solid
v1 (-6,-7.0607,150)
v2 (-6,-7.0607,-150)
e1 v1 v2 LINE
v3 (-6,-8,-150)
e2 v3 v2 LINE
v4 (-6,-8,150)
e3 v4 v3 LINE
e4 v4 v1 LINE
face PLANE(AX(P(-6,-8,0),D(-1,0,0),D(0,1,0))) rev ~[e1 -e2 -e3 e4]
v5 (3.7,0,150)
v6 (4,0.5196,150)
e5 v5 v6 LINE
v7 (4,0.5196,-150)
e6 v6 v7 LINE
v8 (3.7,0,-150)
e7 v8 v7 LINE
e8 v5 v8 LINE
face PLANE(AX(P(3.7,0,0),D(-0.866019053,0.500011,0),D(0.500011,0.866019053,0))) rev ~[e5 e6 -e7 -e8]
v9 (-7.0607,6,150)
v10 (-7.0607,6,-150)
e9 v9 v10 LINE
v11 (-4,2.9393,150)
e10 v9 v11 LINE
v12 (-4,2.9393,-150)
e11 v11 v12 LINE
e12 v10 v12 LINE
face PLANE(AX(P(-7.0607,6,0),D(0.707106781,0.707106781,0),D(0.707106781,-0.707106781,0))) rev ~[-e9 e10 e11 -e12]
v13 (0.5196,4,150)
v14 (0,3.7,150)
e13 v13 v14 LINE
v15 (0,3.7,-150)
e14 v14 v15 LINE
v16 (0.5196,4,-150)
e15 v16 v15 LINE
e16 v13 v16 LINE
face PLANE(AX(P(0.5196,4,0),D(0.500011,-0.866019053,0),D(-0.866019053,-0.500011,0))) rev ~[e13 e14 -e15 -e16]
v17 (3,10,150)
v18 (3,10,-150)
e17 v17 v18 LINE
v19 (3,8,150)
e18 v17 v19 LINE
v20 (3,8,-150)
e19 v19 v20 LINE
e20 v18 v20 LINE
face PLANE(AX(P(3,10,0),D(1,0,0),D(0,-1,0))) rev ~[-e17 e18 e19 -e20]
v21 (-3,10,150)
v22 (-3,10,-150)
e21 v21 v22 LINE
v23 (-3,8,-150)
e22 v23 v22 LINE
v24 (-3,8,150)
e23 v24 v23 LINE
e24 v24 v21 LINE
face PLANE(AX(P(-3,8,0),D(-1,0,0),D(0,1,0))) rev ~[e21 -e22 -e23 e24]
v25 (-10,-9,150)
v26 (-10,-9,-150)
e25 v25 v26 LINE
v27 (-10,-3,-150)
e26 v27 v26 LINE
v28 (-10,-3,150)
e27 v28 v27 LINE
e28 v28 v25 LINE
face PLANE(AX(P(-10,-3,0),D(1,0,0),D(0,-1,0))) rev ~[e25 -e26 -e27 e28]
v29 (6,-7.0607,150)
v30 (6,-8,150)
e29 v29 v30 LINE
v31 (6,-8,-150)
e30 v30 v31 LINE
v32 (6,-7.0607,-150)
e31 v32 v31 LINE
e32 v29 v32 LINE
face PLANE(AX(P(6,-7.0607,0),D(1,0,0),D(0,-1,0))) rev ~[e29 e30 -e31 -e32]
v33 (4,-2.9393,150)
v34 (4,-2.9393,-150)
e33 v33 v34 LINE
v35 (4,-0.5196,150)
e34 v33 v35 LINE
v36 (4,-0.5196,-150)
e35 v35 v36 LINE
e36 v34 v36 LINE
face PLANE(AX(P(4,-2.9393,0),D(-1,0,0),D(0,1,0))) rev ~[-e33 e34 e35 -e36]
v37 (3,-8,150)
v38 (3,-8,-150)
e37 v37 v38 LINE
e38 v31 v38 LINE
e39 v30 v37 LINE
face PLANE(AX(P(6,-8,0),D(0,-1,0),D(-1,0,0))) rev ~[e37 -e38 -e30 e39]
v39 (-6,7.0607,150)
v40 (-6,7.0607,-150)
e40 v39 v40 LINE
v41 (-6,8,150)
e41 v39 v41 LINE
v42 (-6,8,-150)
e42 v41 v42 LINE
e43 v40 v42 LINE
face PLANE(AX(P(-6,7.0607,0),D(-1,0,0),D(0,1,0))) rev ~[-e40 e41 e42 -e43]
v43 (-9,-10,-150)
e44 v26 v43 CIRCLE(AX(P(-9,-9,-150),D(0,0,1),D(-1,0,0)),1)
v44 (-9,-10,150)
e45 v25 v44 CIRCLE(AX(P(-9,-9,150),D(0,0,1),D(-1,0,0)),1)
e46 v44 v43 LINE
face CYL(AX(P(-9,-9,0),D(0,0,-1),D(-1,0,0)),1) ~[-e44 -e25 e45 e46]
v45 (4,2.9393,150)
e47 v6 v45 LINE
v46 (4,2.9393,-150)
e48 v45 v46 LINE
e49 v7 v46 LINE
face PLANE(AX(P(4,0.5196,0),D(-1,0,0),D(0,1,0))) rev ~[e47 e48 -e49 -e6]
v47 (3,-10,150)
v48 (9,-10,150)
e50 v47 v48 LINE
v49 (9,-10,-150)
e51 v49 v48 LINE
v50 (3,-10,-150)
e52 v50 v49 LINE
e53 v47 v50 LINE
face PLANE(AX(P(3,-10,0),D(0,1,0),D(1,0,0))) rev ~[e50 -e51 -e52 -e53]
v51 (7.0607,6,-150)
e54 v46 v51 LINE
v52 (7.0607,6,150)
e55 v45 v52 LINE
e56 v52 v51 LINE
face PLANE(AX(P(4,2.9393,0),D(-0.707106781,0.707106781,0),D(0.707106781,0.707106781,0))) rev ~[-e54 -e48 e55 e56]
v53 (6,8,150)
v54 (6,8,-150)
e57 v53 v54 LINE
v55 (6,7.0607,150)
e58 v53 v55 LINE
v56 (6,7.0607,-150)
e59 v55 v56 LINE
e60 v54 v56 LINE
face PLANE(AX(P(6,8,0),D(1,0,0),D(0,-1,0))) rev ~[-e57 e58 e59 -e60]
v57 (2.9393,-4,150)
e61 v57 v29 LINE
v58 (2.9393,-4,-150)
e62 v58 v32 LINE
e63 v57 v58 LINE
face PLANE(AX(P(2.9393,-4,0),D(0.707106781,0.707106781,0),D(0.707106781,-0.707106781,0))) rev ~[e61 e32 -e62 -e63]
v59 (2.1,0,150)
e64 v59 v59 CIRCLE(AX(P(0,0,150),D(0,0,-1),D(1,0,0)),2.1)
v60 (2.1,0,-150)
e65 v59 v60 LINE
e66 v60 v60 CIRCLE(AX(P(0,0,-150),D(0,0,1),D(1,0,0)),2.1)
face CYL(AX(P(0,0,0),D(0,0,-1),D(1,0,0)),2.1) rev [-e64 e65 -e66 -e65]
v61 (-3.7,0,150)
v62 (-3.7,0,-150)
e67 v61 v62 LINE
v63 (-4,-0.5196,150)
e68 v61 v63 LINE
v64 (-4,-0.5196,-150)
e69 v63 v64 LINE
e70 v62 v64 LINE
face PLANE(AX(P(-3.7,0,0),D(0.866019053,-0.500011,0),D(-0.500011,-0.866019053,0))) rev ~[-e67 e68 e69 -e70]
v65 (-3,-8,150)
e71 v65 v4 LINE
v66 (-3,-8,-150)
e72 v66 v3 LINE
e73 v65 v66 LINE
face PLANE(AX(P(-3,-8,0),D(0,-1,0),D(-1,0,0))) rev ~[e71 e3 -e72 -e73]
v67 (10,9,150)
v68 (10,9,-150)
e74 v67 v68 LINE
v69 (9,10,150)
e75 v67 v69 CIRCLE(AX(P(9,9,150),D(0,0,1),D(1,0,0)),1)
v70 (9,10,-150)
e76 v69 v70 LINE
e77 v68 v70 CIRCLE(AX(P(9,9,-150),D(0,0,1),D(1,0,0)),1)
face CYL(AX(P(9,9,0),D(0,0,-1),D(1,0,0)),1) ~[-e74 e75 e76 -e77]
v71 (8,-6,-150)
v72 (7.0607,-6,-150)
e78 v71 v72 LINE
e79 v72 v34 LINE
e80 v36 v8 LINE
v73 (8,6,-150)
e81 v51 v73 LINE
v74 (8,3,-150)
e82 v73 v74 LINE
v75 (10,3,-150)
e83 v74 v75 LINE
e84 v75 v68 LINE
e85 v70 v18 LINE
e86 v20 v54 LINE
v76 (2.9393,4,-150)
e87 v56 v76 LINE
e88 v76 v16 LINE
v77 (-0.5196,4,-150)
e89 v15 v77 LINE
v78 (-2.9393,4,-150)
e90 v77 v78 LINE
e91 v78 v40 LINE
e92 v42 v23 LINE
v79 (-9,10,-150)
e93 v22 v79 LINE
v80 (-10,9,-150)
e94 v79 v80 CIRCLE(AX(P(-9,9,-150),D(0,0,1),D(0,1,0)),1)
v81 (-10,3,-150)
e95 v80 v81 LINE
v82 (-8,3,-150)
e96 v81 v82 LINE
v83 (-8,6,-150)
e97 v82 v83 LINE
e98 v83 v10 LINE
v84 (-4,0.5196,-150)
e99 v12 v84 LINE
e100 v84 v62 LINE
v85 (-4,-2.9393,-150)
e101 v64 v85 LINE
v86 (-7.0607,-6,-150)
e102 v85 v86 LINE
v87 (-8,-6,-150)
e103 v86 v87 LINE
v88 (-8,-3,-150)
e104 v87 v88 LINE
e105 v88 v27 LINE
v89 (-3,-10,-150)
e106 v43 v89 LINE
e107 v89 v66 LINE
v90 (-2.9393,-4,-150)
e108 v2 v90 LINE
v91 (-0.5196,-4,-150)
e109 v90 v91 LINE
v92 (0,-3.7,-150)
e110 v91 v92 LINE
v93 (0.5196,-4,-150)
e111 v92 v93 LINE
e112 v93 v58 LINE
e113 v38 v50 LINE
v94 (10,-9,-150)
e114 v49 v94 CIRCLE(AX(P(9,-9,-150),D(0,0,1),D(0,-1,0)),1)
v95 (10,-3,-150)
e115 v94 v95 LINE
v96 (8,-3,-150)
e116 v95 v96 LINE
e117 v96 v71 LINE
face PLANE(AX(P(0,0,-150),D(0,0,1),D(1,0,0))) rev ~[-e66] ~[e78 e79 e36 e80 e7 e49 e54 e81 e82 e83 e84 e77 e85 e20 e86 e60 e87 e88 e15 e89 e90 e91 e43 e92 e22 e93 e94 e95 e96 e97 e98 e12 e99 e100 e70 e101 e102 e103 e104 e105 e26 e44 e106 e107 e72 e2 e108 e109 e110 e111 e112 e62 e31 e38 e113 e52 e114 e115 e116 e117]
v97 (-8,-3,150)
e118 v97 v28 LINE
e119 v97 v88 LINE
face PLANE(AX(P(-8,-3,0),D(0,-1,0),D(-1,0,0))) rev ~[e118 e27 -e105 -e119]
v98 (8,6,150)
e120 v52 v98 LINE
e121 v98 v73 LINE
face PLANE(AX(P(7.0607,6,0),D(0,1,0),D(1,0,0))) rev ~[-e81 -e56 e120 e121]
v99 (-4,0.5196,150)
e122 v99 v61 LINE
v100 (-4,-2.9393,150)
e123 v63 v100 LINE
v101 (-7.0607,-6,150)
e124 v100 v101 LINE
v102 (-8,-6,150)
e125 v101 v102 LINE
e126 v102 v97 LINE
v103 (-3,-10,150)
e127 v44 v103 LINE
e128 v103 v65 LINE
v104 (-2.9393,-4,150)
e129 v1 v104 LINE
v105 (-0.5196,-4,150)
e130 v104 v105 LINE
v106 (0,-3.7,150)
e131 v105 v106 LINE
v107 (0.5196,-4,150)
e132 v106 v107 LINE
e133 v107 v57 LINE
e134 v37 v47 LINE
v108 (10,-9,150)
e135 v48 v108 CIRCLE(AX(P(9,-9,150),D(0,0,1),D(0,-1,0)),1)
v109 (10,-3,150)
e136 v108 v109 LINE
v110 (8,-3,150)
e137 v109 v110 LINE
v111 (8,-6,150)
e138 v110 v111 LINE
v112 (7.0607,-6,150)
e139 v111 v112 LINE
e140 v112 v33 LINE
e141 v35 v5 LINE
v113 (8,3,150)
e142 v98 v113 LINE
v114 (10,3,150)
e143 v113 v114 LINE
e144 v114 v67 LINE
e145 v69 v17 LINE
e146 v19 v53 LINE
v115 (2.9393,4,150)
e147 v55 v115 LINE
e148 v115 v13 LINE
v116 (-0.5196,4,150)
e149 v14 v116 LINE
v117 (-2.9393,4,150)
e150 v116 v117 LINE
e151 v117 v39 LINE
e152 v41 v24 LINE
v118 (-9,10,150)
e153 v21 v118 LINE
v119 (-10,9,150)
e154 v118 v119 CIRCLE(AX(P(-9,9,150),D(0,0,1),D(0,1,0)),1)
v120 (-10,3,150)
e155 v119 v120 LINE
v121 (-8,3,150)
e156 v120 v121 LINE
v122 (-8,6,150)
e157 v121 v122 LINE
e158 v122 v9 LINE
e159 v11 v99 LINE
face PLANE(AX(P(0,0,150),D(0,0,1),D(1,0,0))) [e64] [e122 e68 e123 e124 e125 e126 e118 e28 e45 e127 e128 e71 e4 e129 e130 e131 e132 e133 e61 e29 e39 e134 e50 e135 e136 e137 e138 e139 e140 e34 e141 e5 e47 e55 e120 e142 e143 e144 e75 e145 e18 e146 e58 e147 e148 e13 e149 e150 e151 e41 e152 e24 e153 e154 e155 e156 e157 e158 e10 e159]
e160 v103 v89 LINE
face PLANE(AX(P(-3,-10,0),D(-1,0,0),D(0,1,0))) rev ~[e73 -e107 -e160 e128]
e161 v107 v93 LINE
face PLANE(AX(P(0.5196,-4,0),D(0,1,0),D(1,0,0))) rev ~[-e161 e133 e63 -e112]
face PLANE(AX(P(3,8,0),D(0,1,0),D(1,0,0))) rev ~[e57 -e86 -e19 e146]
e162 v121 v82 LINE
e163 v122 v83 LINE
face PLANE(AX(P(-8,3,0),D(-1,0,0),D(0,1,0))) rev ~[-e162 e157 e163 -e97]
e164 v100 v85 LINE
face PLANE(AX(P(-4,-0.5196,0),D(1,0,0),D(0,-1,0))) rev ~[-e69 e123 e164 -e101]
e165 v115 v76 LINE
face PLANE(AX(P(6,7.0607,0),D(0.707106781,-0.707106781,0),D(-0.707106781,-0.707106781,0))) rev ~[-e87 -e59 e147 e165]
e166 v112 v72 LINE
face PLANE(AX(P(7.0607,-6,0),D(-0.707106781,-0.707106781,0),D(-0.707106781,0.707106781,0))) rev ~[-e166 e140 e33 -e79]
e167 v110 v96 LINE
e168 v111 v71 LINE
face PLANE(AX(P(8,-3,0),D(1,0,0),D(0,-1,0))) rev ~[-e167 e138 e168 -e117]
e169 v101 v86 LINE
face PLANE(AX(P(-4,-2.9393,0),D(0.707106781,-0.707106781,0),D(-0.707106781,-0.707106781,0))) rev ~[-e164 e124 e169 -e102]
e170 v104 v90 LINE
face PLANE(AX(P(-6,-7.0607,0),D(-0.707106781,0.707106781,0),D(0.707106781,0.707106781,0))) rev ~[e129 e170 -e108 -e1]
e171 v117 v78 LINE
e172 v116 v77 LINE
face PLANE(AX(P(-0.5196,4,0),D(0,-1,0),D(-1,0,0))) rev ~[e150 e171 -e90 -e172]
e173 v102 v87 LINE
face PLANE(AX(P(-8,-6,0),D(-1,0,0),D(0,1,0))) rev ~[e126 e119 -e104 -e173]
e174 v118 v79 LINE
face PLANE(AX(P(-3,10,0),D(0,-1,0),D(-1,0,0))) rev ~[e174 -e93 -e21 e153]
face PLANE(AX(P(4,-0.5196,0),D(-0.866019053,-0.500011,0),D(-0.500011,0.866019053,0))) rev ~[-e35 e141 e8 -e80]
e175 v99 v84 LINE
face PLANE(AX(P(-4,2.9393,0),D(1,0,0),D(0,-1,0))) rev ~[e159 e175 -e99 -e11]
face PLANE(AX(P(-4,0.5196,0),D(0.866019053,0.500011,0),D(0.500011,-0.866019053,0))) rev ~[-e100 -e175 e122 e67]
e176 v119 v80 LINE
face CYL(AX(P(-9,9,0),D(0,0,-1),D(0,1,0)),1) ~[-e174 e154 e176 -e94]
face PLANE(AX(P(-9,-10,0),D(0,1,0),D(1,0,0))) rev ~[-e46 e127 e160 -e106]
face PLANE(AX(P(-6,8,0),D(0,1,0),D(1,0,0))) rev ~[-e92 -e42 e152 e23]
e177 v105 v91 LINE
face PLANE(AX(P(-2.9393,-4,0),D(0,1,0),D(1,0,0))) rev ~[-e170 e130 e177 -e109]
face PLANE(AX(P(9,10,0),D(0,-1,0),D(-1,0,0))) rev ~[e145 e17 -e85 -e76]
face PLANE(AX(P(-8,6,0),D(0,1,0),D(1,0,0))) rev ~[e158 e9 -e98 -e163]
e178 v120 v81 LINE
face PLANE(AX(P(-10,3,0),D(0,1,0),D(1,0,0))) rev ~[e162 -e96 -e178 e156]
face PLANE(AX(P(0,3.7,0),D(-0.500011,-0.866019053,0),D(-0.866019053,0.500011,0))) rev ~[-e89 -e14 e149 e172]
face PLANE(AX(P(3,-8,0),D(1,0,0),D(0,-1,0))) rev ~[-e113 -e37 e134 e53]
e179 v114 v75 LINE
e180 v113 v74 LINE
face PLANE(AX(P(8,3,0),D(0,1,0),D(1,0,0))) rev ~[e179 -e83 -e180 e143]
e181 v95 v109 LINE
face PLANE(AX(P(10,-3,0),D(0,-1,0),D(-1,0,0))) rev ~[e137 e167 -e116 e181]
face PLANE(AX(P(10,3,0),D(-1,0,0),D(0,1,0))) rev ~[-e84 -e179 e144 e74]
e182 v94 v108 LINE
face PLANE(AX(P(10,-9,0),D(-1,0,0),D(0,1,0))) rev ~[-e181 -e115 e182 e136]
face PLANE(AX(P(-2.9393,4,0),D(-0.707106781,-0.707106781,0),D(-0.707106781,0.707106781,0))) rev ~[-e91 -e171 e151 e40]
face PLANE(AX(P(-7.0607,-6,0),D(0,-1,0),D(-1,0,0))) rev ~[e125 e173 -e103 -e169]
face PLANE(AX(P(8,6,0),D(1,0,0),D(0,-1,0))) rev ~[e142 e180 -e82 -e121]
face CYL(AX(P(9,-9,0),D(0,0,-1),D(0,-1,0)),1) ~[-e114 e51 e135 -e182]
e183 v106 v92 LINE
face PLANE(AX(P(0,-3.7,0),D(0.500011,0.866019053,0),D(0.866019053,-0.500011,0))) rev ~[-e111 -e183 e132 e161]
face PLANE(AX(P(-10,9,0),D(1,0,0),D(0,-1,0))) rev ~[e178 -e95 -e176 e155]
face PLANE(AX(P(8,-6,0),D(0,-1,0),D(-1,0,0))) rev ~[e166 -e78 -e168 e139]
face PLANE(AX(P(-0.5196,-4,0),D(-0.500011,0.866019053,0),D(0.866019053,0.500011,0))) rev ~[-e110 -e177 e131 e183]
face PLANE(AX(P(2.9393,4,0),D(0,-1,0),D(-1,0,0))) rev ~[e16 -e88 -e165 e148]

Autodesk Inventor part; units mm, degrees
ref_plane "YZ Plane" through (0, 0, 0) normal (1, 0, 0) x (0, 1, 0)
ref_plane "XZ Plane" through (0, 0, 0) normal (0, 1, 0) x (-1, 0, 0)
ref_plane "XY Plane" through (0, 0, 0) normal (0, 0, 1) x (1, 0, 0)
sketch "Sketch1" plane through (0, 0, 0) normal (0, 0, 1) x (1, 0, 0)
  line L0 (-2.205, 0) -> (2.205, 0)
  line L1 (0, -2.205) -> (0, 2.205)
  arc A0 (9, -10) -> (10, -9) centre (9, -9) ccw
  line L2 (-10, 9) -> (-10, 3)
  line L3 (-10, 3) -> (-8, 3)
  line L4 (-8, 3) -> (-8, 6)
  line L5 (-8, 6) -> (-7.0607, 6)
  line L6 (-7.0607, 6) -> (-4, 2.9393)
  line L7 (-4, 2.9393) -> (-4, 0.5196)
  line L8 (-4, 0.5196) -> (-3.7, 0)
  line L9 (-3.7, 0) -> (-4, -0.5196)
  line L10 (-4, -0.5196) -> (-4, -2.9393)
  line L11 (-4, -2.9393) -> (-7.0607, -6)
  line L12 (-7.0607, -6) -> (-8, -6)
  line L13 (-8, -6) -> (-8, -3)
  line L14 (-8, -3) -> (-10, -3)
  line L15 (-10, -3) -> (-10, -9)
  arc A1 (-10, -9) -> (-9, -10) centre (-9, -9) ccw
  line L16 (-9, -10) -> (-3, -10)
  line L17 (-3, -10) -> (-3, -8)
  line L18 (-3, -8) -> (-6, -8)
  line L19 (-6, -7.0607) -> (-2.9393, -4)
  line L20 (-2.9393, -4) -> (-0.5196, -4)
  line L21 (-0.5196, -4) -> (0, -3.7)
  line L22 (0, -3.7) -> (0.5196, -4)
  line L23 (0.5196, -4) -> (2.9393, -4)
  line L24 (2.9393, -4) -> (6, -7.0607)
  line L25 (6, -7.0607) -> (6, -8)
  line L26 (6, -8) -> (3, -8)
  line L27 (3, -8) -> (3, -10)
  line L28 (3, -10) -> (9, -10)
  line L29 (10, -9) -> (10, -3)
  line L30 (10, -3) -> (8, -3)
  line L31 (8, -3) -> (8, -6)
  line L32 (8, -6) -> (7.0607, -6)
  line L33 (7.0607, -6) -> (4, -2.9393)
  line L34 (4, -2.9393) -> (4, -0.5196)
  line L35 (4, -0.5196) -> (3.7, 0)
  line L36 (3.7, 0) -> (4, 0.5196)
  line L37 (4, 0.5196) -> (4, 2.9393)
  line L38 (4, 2.9393) -> (7.0607, 6)
  line L39 (7.0607, 6) -> (8, 6)
  line L40 (8, 6) -> (8, 3)
  line L41 (8, 3) -> (10, 3)
  line L42 (10, 3) -> (10, 9)
  arc A2 (10, 9) -> (9, 10) centre (9, 9) ccw
  line L43 (9, 10) -> (3, 10)
  line L44 (3, 10) -> (3, 8)
  line L45 (3, 8) -> (6, 8)
  line L46 (6, 8) -> (6, 7.0607)
  line L47 (6, 7.0607) -> (2.9393, 4)
  line L48 (2.9393, 4) -> (0.5196, 4)
  line L49 (0.5196, 4) -> (0, 3.7)
  line L50 (0, 3.7) -> (-0.5196, 4)
  line L51 (-0.5196, 4) -> (-2.9393, 4)
  line L52 (-2.9393, 4) -> (-6, 7.0607)
  line L53 (-6, 7.0607) -> (-6, 8)
  line L54 (-6, 8) -> (-3, 8)
  line L55 (-3, 8) -> (-3, 10)
  line L56 (-3, 10) -> (-9, 10)
  arc A3 (-9, 10) -> (-10, 9) centre (-9, 9) ccw
  circle A4 centre (0, 0) radius 2.1
  line L57 (-6, -8) -> (-6, -7.0607)
extrude "Extrusion1" add sketch "Sketch1" along normal mid plane 300
equation "\"d0\" = testMountHeight"
equation "\"frameAcrylicThickness\" = 9.525"
equation "\"internalAcrylicThickness\" = 6.35"
equation "\"height\" = 127"
equation "\"width\" = 127"
equation "\"depth\" = 273.05"
equation "\"mirrorAngle\" = 5deg"
equation "\"detectorWidth\" = 52"
equation "\"detectorHeight\" = 52"
equation "\"mirrorThickness\" = 3.175"
equation "\"fresnelThickness\" = 0.1"
equation "\"focalLength\" = 76.2"
equation "\"ior\" = 1.49"
equation "\"centerThickness\" = 1.524"
equation "\"fresnelAngle\" = 90deg"
equation "\"fresnelEffectiveDiameter\" = 152.4"
equation "\"oRingWidth\" = 1.5875"
equation "\"sensorHolderDepth\" = 19.05"
equation "\"aerogelClearence\" = 3.175"
equation "\"backplanePCBWidth\" = 76.2"
equation "\"backplanePCBHeight\" = 76.2"
equation "\"backplaneHoleOffsett\" = 6.35"
equation "\"backplanePostionOffsett\" = 12.7"
equation "\"moduleSlotClearence\" = 0.79375"
equation "\"testMountHeight\" = 300"
properties part number "HFS5-2020" material "Aluminum 6061"
